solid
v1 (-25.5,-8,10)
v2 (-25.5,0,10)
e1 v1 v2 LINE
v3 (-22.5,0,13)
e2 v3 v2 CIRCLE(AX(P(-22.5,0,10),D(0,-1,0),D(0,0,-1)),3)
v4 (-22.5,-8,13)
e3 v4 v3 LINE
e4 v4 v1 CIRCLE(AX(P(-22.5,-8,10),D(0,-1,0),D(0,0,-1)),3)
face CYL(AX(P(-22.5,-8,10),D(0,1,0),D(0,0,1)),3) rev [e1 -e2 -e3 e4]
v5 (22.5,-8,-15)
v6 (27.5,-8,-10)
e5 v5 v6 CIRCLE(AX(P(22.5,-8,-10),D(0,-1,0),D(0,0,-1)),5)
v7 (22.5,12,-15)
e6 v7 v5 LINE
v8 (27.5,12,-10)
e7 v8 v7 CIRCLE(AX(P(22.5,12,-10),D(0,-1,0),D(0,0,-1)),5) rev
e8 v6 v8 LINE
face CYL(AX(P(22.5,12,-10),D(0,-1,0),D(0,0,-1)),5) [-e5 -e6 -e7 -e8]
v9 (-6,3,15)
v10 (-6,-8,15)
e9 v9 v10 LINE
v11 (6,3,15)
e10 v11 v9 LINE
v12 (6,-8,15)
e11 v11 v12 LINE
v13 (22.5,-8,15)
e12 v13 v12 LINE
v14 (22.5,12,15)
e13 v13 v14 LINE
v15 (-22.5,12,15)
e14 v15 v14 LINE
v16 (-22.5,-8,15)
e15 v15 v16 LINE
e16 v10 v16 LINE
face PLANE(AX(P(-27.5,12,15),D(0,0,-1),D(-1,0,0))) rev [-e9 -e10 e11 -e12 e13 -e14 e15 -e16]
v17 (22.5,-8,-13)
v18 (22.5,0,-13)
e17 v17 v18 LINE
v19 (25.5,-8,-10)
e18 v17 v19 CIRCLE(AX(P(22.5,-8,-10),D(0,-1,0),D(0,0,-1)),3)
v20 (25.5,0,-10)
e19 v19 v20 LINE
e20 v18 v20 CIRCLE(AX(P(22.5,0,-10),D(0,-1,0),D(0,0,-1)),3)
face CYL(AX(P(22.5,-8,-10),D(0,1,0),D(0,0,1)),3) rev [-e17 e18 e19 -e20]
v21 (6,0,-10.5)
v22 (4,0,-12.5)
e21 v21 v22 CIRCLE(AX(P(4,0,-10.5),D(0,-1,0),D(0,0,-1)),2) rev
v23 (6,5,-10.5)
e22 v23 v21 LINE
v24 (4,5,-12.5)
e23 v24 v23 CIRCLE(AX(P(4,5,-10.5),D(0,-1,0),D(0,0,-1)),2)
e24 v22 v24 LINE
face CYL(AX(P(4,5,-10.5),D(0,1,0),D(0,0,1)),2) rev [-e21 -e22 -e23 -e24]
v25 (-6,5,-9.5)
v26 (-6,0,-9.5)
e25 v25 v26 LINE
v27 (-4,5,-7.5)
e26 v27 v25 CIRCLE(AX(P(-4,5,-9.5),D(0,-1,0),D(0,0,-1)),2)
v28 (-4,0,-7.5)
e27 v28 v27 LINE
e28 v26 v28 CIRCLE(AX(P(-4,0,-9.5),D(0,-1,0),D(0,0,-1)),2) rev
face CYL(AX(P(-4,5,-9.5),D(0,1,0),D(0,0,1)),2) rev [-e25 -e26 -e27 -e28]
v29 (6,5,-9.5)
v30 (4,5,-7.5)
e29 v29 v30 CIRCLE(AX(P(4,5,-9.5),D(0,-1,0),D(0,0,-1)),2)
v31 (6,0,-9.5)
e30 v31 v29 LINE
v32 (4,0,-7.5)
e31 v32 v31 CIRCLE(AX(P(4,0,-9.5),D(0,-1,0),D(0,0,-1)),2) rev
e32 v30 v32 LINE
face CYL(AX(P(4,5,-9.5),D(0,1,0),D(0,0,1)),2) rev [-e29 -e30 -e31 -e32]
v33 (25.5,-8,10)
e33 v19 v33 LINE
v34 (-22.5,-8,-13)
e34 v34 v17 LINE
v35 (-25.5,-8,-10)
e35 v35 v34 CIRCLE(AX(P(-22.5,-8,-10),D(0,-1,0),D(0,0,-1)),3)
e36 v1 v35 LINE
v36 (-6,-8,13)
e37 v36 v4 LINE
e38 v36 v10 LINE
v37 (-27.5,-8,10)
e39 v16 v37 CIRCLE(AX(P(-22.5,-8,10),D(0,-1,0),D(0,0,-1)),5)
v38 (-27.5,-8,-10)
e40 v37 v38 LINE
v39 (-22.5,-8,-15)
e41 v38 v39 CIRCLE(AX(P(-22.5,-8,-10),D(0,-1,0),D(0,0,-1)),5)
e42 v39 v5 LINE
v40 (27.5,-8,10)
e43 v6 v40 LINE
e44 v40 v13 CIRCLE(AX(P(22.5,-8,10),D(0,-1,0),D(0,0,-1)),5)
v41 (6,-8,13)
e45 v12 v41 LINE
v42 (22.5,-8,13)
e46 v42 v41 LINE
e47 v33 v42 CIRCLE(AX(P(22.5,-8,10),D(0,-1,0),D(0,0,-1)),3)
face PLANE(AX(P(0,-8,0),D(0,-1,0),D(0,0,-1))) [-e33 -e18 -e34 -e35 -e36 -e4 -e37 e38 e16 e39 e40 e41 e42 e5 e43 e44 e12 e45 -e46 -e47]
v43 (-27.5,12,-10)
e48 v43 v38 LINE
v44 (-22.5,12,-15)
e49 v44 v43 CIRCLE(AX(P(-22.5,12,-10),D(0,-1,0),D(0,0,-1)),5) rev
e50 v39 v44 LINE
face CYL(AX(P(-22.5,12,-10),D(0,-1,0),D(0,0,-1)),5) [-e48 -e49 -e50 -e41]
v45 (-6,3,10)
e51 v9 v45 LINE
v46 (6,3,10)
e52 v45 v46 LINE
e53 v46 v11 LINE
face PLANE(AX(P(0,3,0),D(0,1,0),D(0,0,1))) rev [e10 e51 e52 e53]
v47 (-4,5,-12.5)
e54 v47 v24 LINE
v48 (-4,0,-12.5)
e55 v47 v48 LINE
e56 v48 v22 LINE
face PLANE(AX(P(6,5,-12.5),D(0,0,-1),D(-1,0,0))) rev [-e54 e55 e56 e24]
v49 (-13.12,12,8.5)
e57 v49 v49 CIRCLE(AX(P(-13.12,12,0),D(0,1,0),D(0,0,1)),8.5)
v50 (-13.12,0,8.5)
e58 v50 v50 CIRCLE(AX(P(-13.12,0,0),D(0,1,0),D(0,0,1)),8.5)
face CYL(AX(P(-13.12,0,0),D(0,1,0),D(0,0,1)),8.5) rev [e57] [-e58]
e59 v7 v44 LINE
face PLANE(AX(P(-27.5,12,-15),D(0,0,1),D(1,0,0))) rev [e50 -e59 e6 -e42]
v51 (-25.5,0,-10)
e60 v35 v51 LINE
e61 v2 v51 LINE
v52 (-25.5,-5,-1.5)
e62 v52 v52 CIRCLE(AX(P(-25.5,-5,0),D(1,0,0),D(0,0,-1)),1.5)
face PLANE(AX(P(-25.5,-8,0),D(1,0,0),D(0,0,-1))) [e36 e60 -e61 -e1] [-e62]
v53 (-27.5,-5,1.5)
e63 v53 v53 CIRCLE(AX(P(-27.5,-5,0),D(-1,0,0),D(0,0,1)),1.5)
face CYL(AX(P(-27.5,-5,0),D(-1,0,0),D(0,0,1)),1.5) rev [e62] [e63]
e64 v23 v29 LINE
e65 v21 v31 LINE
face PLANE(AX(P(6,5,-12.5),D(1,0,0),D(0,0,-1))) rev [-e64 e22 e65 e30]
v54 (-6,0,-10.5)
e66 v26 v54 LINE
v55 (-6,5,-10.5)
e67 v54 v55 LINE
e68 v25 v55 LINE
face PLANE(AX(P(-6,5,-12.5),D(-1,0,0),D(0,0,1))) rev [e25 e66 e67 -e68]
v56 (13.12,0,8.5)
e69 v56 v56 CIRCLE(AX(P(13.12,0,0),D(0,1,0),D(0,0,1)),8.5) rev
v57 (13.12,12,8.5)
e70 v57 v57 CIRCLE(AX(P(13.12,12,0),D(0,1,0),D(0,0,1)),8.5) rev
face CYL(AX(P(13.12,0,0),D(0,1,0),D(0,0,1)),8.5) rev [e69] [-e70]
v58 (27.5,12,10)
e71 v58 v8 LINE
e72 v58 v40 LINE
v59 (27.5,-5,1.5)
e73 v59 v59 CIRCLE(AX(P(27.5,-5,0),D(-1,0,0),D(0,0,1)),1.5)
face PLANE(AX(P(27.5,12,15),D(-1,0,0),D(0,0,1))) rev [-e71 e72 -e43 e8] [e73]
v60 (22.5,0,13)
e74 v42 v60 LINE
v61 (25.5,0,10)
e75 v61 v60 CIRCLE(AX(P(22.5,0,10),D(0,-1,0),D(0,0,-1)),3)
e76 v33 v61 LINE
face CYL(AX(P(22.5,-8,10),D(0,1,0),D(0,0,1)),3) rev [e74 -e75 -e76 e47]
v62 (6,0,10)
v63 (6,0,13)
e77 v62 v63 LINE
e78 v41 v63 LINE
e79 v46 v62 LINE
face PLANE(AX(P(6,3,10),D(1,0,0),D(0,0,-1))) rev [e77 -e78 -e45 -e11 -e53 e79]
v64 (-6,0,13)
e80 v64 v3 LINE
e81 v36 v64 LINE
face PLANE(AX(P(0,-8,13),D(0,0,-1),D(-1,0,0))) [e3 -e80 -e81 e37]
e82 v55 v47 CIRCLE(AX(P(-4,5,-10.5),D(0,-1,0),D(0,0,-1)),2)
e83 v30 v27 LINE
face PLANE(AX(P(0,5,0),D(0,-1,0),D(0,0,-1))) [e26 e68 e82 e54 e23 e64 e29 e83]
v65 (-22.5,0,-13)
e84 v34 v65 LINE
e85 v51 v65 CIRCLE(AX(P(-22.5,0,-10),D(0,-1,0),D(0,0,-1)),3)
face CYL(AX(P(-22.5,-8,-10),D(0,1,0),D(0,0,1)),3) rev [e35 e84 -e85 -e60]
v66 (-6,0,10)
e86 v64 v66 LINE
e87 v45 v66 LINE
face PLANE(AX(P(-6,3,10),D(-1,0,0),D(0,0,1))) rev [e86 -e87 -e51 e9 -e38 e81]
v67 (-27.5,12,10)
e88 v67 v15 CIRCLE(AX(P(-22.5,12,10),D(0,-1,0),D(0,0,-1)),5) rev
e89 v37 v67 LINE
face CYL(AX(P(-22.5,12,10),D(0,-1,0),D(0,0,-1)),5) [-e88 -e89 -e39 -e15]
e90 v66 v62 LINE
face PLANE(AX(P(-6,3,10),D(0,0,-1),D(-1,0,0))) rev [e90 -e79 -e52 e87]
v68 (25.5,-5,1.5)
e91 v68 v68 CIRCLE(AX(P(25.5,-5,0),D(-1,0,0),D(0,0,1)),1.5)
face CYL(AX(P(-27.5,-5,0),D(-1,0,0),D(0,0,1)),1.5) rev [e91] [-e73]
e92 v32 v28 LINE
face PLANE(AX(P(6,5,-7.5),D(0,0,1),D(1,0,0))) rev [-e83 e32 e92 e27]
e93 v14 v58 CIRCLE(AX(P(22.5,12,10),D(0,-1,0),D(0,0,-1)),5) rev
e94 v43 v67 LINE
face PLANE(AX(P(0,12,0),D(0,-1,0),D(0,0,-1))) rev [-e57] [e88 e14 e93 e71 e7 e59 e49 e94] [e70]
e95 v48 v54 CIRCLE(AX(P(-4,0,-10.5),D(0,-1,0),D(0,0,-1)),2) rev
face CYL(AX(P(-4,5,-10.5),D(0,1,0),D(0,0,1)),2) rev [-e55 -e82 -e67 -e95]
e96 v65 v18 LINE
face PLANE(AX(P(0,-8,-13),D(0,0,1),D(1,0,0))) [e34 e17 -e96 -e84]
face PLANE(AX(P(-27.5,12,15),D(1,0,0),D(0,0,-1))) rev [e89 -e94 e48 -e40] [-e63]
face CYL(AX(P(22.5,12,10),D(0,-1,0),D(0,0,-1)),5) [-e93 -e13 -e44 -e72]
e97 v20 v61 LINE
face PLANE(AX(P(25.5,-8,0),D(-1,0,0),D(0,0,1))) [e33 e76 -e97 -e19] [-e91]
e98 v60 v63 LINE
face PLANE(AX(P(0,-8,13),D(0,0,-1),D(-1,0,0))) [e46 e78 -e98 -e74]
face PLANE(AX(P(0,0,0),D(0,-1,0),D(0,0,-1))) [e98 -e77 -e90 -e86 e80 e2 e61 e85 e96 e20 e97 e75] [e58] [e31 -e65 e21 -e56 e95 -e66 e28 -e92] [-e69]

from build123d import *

# Parameters (mm, degrees)
SKETCH1_W             = 55
SKETCH1_H             = 30
BOSS_EXTRUDE1_DEPTH   = 12
SKETCH2_R             = 8.5
CUT_EXTRUDE1_DEPTH    = 34.544746235
SKETCH4_W             = 12
SKETCH4_H             = 5
CUT_EXTRUDE2_DEPTH    = 5
FILLET1_R             = 2
SKETCH5_W             = 12
SKETCH5_H             = 5
CUT_EXTRUDE3_DEPTH    = 3
FILLET2_R             = 5
BOSS_EXTRUDE3_DEPTH   = 8
F_3_0MM_DOWEL_HOLE1_D = 3


with BuildPart() as part:
    # Sketch1 → Boss-Extrude1 (new body)
    with BuildSketch(Plane(origin=(0, 0, 0), x_dir=(1, 0, 0), z_dir=(0, 1, 0))):
        Rectangle(SKETCH1_W, SKETCH1_H)
    extrude(amount=BOSS_EXTRUDE1_DEPTH)

    # Sketch2 → Cut-Extrude1 (cut, through all)
    with BuildSketch(Plane(origin=(0, 12, 0), x_dir=(1, 0, 0), z_dir=(0, 1, 0))):
        with Locations(Location((-13.12, 0, 0), (0, 0, 270))):
            Circle(SKETCH2_R)
        with Locations(Location((13.12, 0, 0), (0, 0, 270))):
            Circle(SKETCH2_R)
    extrude(amount=-CUT_EXTRUDE1_DEPTH, mode=Mode.SUBTRACT)

    # Sketch4 → Cut-Extrude2 (cut)
    with BuildSketch(Plane.XZ):
        with Locations((0, -10)):
            Rectangle(SKETCH4_W, SKETCH4_H)
    extrude(amount=-CUT_EXTRUDE2_DEPTH, mode=Mode.SUBTRACT)

    # Fillet1
    fillet1_edges = [part.edges().sort_by_distance(p)[0] for p in [
        (-6, 2.5, -12.5),
        (-6, 2.5, -7.5),
        (6, 2.5, -7.5),
        (6, 2.5, -12.5),
    ]]
    fillet(fillet1_edges, radius=FILLET1_R)

    # Sketch5 → Cut-Extrude3 (cut)
    with BuildSketch(Plane.XZ):
        with Locations((0, 12.5)):
            Rectangle(SKETCH5_W, SKETCH5_H)
    extrude(amount=-CUT_EXTRUDE3_DEPTH, mode=Mode.SUBTRACT)

    # Fillet2
    fillet2_edges = [part.edges().sort_by_distance(p)[0] for p in [
        (27.5, 6, 15),
        (-27.5, 6, 15),
        (-27.5, 6, -15),
        (27.5, 6, -15),
    ]]
    fillet(fillet2_edges, radius=FILLET2_R)

    # Sketch6 → Boss-Extrude3 (add)
    with BuildSketch(Plane.XZ):
        with BuildLine():
            Line((25.5, 10), (25.5, -10))
            ThreePointArc((25.5, -10), (24.621320344, -12.121320344), (22.5, -13))
            Line((22.5, -13), (-22.5, -13))
            ThreePointArc((-22.5, -13), (-24.621320344, -12.121320344), (-25.5, -10))
            Line((-25.5, -10), (-25.5, 10))
            ThreePointArc((-25.5, 10), (-24.621320344, 12.121320344), (-22.5, 13))
            Line((-22.5, 13), (-8, 13))
            Line((-8, 13), (-6, 13))
            Line((-6, 13), (-6, 15))
            Line((-6, 15), (-22.5, 15))
            ThreePointArc((-22.5, 15), (-26.035533906, 13.535533906), (-27.5, 10))
            Line((-27.5, 10), (-27.5, -10))
            ThreePointArc((-27.5, -10), (-26.035533906, -13.535533906), (-22.5, -15))
            Line((-22.5, -15), (22.5, -15))
            ThreePointArc((22.5, -15), (26.035533906, -13.535533906), (27.5, -10))
            Line((27.5, -10), (27.5, 10))
            ThreePointArc((27.5, 10), (26.035533906, 13.535533906), (22.5, 15))
            Line((22.5, 15), (6, 15))
            Line((6, 15), (6, 13))
            Line((6, 13), (8, 13))
            Line((8, 13), (22.5, 13))
            ThreePointArc((22.5, 13), (24.621320344, 12.121320344), (25.5, 10))
        make_face()
    extrude(amount=BOSS_EXTRUDE3_DEPTH)

    # Ø3.0mm Dowel Hole1 (through all)
    with Locations(Plane.ZY.offset(27.5)):
        with Locations((0, -5)):
            Hole(F_3_0MM_DOWEL_HOLE1_D / 2)


solid = part.part
